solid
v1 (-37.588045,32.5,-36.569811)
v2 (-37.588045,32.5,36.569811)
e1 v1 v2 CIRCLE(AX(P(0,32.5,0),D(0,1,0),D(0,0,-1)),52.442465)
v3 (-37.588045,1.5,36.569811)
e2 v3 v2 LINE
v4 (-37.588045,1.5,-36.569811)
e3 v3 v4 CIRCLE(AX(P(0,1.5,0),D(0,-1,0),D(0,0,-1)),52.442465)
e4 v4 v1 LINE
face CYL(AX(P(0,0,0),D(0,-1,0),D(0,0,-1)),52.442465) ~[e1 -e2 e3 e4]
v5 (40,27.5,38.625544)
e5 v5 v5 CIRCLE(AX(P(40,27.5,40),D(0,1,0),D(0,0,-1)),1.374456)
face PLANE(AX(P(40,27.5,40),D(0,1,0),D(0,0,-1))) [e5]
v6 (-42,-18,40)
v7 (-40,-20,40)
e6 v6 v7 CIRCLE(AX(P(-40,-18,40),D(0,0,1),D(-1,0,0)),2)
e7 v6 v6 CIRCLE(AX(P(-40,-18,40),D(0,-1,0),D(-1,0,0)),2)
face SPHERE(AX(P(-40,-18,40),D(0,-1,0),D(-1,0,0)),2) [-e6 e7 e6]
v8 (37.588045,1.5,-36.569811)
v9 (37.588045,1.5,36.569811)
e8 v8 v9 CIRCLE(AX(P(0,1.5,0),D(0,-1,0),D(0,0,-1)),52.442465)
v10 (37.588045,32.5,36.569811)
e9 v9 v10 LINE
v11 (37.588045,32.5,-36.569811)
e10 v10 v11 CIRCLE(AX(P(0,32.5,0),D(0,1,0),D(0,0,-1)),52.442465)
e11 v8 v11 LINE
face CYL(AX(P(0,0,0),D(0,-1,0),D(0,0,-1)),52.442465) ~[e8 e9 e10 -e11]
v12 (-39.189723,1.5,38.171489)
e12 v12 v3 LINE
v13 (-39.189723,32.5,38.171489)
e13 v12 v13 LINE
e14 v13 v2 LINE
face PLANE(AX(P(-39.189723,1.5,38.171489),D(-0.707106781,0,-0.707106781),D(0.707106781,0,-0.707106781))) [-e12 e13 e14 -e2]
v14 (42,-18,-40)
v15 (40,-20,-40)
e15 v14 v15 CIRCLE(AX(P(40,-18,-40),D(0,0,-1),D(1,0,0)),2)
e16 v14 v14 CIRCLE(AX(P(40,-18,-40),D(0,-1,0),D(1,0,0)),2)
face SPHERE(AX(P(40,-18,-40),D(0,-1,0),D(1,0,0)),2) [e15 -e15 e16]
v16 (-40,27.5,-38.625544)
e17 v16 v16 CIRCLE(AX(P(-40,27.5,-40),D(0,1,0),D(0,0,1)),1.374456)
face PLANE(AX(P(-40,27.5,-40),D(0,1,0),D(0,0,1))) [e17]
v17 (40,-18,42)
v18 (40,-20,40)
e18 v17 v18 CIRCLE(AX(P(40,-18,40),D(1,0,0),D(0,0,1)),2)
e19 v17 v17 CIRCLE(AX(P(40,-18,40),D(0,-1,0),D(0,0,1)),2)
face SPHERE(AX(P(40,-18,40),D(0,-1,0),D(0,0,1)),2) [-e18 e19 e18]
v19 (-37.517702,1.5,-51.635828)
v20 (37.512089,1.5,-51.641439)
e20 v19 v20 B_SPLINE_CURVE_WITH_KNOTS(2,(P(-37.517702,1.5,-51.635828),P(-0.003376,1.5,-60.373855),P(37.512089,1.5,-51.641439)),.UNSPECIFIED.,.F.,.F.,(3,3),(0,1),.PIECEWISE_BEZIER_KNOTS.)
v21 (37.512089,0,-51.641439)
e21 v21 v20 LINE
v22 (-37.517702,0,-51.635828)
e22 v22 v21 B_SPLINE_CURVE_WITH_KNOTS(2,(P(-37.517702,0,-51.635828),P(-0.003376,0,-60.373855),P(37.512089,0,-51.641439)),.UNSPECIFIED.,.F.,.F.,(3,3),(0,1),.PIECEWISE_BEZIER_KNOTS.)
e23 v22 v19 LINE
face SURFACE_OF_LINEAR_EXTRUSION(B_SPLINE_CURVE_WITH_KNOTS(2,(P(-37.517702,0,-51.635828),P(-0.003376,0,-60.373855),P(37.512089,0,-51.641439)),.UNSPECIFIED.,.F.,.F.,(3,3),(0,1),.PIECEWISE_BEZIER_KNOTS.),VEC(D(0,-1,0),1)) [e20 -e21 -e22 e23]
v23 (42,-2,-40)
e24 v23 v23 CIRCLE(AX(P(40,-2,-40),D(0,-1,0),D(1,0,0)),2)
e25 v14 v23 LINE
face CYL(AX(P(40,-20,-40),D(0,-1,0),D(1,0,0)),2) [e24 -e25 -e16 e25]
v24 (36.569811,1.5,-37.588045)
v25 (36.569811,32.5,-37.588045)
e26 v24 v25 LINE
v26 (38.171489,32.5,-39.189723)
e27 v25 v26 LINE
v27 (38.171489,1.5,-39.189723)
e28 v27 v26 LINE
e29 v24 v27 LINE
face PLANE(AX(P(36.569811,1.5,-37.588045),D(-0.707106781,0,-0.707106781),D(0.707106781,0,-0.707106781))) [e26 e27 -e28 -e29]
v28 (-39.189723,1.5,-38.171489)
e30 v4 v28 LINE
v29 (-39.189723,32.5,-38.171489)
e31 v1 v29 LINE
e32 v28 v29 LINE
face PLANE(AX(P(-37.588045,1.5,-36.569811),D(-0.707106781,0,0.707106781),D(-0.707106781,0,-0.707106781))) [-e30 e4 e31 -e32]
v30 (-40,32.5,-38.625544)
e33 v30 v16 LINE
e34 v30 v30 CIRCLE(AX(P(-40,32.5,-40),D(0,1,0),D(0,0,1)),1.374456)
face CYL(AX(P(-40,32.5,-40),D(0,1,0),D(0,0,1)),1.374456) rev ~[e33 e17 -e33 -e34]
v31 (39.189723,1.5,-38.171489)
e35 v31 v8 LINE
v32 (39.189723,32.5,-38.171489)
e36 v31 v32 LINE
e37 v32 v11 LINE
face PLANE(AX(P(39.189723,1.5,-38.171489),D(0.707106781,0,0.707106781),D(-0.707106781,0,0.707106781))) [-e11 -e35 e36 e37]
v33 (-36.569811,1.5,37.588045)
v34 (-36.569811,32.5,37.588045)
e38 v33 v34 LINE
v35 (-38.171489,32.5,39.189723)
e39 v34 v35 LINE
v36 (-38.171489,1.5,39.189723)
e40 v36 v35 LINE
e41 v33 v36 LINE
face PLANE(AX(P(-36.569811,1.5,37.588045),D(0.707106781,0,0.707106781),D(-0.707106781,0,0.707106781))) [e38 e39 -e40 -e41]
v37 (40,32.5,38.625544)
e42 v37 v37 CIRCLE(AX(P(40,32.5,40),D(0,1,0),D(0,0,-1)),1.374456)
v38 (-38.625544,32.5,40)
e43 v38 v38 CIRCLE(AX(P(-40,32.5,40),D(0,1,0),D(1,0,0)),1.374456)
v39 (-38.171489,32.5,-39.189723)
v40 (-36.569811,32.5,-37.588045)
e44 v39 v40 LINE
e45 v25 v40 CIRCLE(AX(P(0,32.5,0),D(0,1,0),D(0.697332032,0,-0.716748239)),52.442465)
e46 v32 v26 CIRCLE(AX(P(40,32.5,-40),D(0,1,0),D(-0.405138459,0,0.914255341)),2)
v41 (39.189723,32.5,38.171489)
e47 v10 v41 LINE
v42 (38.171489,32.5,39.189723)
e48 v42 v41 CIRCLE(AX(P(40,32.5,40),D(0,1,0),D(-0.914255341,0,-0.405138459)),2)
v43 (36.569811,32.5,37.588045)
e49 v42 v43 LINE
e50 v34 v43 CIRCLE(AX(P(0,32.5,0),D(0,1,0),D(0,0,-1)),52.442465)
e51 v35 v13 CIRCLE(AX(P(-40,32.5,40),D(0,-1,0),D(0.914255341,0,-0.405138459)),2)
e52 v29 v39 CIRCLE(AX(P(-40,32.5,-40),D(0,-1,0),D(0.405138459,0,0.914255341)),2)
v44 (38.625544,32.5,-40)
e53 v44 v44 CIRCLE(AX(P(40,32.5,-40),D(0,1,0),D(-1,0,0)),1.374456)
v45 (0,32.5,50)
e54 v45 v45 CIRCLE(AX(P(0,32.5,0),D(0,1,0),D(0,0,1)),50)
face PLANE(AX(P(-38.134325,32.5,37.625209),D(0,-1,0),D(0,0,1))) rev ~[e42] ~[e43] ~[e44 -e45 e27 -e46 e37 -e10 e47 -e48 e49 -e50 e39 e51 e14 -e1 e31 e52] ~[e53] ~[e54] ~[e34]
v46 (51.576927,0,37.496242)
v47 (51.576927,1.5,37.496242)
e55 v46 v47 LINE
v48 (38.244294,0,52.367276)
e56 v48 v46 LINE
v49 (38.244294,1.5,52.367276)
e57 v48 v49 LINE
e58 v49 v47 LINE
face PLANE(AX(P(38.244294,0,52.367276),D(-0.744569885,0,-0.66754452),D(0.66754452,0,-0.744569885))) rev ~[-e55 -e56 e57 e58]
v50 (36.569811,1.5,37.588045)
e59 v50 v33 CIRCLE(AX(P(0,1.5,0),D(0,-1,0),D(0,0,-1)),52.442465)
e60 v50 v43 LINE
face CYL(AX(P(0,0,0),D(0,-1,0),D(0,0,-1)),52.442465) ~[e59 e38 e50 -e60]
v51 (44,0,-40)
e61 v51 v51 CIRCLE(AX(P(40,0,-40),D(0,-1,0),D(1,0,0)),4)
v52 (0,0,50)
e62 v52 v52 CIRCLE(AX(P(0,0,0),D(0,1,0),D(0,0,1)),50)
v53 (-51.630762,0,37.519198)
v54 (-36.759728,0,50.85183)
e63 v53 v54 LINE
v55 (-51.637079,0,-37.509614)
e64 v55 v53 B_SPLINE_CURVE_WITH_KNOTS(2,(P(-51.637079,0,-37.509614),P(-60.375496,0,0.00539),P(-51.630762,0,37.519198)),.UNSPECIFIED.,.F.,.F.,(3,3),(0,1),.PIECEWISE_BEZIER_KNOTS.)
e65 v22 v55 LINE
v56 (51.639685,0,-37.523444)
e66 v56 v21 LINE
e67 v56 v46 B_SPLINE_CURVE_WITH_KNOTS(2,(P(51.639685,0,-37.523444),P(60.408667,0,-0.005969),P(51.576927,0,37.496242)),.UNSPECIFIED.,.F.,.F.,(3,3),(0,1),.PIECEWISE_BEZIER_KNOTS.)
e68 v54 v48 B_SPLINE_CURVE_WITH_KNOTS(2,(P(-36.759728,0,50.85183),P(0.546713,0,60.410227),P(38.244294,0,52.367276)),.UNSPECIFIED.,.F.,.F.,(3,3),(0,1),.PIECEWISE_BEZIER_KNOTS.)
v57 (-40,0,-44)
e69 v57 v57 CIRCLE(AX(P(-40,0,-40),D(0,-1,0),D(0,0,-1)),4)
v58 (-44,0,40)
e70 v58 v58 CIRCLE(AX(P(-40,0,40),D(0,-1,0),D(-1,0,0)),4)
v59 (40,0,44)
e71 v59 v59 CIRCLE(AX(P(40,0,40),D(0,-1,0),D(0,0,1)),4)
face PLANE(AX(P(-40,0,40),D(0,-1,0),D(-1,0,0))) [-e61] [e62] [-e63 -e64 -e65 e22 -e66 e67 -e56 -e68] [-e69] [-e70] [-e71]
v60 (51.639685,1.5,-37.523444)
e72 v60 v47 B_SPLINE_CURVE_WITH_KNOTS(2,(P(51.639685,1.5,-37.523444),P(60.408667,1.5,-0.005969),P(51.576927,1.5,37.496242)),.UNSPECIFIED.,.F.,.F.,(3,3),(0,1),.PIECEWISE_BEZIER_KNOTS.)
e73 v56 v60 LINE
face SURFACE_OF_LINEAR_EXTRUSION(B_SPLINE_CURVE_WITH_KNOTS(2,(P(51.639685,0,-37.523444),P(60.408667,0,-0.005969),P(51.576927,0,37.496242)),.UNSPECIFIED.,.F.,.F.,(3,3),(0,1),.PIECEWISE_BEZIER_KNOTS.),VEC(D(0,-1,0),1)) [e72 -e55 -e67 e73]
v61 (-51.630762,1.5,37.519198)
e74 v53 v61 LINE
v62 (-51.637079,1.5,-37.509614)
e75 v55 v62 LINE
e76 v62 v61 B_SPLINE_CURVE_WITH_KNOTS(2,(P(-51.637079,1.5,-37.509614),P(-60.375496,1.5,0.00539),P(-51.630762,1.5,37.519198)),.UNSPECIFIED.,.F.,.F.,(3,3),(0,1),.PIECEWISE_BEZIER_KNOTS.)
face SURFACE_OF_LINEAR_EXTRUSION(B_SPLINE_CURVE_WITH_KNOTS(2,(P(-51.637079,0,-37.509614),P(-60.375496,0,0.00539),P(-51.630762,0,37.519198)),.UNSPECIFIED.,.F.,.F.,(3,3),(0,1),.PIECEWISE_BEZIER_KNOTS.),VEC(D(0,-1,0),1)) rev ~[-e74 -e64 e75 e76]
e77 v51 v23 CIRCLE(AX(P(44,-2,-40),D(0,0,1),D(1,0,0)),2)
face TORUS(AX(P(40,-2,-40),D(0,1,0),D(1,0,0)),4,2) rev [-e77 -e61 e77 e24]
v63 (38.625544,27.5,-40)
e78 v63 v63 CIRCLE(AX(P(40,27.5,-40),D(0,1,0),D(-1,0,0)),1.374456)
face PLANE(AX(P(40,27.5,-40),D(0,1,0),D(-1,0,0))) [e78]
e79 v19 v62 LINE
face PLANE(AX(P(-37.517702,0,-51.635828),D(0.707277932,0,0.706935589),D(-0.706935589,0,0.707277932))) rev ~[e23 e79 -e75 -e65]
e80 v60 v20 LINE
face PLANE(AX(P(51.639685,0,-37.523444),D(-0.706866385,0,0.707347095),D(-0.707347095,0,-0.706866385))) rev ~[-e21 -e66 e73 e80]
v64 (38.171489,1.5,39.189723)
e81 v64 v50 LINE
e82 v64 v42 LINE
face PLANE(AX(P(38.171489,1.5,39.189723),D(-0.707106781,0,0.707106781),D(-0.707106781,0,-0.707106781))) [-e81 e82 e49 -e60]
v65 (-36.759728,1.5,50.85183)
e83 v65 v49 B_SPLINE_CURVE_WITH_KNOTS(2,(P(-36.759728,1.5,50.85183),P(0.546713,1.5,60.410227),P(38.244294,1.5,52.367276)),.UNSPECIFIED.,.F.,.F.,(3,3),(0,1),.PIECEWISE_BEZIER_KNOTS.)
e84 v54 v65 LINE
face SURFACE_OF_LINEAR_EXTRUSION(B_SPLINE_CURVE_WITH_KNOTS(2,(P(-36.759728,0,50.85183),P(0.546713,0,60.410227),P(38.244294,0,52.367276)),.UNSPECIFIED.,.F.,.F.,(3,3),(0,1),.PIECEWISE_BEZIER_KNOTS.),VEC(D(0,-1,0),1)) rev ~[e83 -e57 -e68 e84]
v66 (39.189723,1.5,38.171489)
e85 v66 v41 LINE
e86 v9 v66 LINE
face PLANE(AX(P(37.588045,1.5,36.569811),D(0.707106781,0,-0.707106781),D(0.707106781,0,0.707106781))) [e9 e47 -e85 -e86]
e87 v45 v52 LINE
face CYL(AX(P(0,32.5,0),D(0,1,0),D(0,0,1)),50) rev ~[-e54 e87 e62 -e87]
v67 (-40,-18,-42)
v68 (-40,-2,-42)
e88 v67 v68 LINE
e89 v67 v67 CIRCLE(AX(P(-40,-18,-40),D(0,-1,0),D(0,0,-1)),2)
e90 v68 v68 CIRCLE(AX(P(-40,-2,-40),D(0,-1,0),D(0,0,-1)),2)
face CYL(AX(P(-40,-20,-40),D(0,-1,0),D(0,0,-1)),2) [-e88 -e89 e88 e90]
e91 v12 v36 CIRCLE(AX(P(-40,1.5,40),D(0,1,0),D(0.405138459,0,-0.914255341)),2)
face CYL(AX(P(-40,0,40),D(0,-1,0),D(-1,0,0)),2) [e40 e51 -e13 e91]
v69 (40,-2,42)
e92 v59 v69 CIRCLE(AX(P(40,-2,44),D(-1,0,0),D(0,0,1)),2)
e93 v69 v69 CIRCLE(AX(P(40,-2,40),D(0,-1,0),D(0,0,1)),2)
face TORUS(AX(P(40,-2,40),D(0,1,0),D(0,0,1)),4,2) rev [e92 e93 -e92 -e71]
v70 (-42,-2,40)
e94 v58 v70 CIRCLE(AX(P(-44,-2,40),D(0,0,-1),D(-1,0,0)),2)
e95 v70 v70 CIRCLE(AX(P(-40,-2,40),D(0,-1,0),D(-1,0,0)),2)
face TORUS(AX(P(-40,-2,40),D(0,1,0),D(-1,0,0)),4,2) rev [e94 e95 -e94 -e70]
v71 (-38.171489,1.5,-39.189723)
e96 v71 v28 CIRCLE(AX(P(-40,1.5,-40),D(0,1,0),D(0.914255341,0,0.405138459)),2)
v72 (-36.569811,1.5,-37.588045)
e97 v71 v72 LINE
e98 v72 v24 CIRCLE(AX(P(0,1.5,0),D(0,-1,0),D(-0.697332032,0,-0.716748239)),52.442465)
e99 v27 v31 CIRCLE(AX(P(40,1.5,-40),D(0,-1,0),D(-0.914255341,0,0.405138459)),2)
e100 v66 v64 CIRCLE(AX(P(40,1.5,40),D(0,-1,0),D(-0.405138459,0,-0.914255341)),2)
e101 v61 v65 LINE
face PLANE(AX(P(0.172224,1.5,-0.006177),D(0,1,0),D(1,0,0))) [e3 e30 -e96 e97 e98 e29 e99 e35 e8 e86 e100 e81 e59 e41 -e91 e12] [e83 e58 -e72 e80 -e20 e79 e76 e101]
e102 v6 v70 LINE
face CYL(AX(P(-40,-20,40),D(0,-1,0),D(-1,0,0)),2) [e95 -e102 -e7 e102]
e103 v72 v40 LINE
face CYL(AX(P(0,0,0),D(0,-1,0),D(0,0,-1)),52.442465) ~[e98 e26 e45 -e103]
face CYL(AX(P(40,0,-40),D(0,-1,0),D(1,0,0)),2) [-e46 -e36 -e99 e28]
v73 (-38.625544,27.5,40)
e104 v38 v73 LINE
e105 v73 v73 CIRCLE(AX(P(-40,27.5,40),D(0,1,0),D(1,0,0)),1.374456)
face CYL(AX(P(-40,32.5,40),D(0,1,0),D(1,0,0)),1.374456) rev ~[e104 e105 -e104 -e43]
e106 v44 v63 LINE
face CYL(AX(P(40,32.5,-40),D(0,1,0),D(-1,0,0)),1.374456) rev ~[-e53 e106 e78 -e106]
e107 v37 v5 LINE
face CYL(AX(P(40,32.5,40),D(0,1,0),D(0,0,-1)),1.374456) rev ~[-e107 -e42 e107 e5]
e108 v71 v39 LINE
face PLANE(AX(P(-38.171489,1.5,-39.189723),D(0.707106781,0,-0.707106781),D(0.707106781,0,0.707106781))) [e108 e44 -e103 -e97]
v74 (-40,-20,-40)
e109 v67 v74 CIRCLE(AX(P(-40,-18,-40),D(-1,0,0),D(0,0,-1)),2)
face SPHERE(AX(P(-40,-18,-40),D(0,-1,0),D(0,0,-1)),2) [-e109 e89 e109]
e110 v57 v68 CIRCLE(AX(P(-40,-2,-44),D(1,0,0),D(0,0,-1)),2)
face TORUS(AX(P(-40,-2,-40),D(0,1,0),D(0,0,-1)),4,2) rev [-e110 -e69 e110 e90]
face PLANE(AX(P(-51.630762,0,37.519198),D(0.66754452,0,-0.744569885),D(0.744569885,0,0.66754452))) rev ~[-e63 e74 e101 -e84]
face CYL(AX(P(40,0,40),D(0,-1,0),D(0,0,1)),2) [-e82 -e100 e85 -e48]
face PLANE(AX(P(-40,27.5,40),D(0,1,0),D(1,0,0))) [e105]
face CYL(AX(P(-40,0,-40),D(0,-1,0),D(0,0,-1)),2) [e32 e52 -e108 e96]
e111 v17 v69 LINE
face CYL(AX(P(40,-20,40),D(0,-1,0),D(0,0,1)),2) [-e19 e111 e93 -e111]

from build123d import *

# Parameters (mm, degrees)
SKETCH2_R                = 5000
BOSS_EXTRUDE2_DEPTH      = 150
SKETCH3_R                = 5244.246539356
BOSS_EXTRUDE3_DEPTH      = 3250
SKETCH7_R                = 200
BOSS_EXTRUDE12_DEPTH     = 3250
BOSS_EXTRUDE13_START     = 2000
SKETCH9_R                = 200
BOSS_EXTRUDE13_DEPTH     = 2000
FILLET1_R                = 200
SKETCH10_R               = 137.445591435
CUT_EXTRUDE2_DEPTH       = 500
EXTRUDE_THIN10_DEPTH     = 3100
CIRPATTERN1_COUNT        = 4
FILLET1_OF_CIRPATTERN1_R = 200
SCALE2_SCALE             = 0.01
SKETCH14_R               = 50
CUT_EXTRUDE4_DEPTH       = 96.047197338


with BuildPart() as part:
    # Sketch2 → Boss-Extrude2 (new body)
    with BuildSketch(Plane(origin=(0, 0, 0), x_dir=(1, 0, 0), z_dir=(0, 1, 0))):
        with BuildLine():
            Line((3824.429393628, -5236.727592336), (5157.692676049, -3749.624245316))
            add(Edge.make_bspline(
                [(5163.968520998, 3752.344435712), (6040.866701019, 0.596942764), (5157.692676049, -3749.624245316)],
                knots=[0, 0, 0, 1, 1, 1], degree=2))
            Line((5163.968520998, 3752.344435712), (3751.208948661, 5164.143902966))
            add(Edge.make_bspline(
                [(-3751.770188441, 5163.582833105), (-0.337562444, 6037.385508755), (3751.208948661, 5164.143902966)],
                knots=[0, 0, 0, 1, 1, 1], degree=2))
            Line((-3751.770188441, 5163.582833105), (-5163.707873982, 3750.961398637))
            add(Edge.make_bspline(
                [(-5163.707873982, 3750.961398637), (-6037.549572471, -0.53895869), (-5163.076160475, -3751.919756157)],
                knots=[0, 0, 0, 1, 1, 1], degree=2))
            Line((-5163.076160475, -3751.919756157), (-3675.972813455, -5085.183038578))
            add(Edge.make_bspline(
                [(-3675.972813455, -5085.183038578), (54.671333271, -6041.022726245), (3824.429393628, -5236.727592336)],
                knots=[0, 0, 0, 1, 1, 1], degree=2))
        make_face()
        Circle(SKETCH2_R, mode=Mode.SUBTRACT)
    extrude(amount=BOSS_EXTRUDE2_DEPTH)

    # Sketch3 → Boss-Extrude3 (add)
    with BuildSketch(Plane(origin=(0, 0, 0), x_dir=(1, 0, 0), z_dir=(0, 1, 0))):
        Circle(SKETCH3_R)
    extrude(amount=BOSS_EXTRUDE3_DEPTH)

    # Sketch7 → Boss-Extrude12 (add)
    with BuildSketch(Plane(origin=(0, 0, 0), x_dir=(-1, 0, 0), z_dir=(0, -1, 0))):
        with Locations((4000, 4000)):
            Circle(SKETCH7_R)
    boss_extrude12 = extrude(amount=-BOSS_EXTRUDE12_DEPTH)

    # Sketch9 → Boss-Extrude13 (add)
    with BuildSketch(Plane(origin=(0, 0, 0), x_dir=(-1, 0, 0), z_dir=(0, -1, 0)).offset(BOSS_EXTRUDE13_START)):
        with Locations((4000, 4000)):
            Circle(SKETCH9_R)
    boss_extrude13 = extrude(amount=-BOSS_EXTRUDE13_DEPTH)

    # Fillet1
    fillet1_edges = [part.edges().sort_by_distance(p)[0] for p in [
        (-3800, 0, -4000),
        (-3800, -2000, -4000),
    ]]
    fillet(fillet1_edges, radius=FILLET1_R)

    # Sketch10 → Cut-Extrude2 (cut)
    with BuildSketch(Plane(origin=(0, 3250, 0), x_dir=(1, 0, 0), z_dir=(0, 1, 0))):
        with Locations((-4000, 4000)):
            Circle(SKETCH10_R)
    cut_extrude2 = extrude(amount=-CUT_EXTRUDE2_DEPTH, mode=Mode.SUBTRACT)

    # Sketch13 → Extrude-Thin10 (add)
    with BuildSketch(Plane(origin=(0, 150, 0), x_dir=(1, 0, 0), z_dir=(0, 1, 0))):
        Polygon((-3817.148931735, 3918.972308226), (-3656.98109375, 3758.804470241), (-3707.892781996, 3707.892781996), (-3868.06061998, 3868.06061998), align=None)
        Polygon((-3758.804470241, 3656.98109375), (-3918.972308226, 3817.148931735), (-3868.06061998, 3868.06061998), (-3707.892781996, 3707.892781996), align=None)
    extrude_thin10 = extrude(amount=EXTRUDE_THIN10_DEPTH)

    # CirPattern1: Boss-Extrude12, Boss-Extrude13, Cut-Extrude2, Extrude-Thin10 ×4 about axis
    cirpattern1_axis = Axis((0, 3250, 0), (0, -1, 0))
    add([boss_extrude12.rotate(cirpattern1_axis, i * 360 / CIRPATTERN1_COUNT) for i in range(1, CIRPATTERN1_COUNT)])
    add([boss_extrude13.rotate(cirpattern1_axis, i * 360 / CIRPATTERN1_COUNT) for i in range(1, CIRPATTERN1_COUNT)])
    add([cut_extrude2.rotate(cirpattern1_axis, i * 360 / CIRPATTERN1_COUNT) for i in range(1, CIRPATTERN1_COUNT)], mode=Mode.SUBTRACT)
    add([extrude_thin10.rotate(cirpattern1_axis, i * 360 / CIRPATTERN1_COUNT) for i in range(1, CIRPATTERN1_COUNT)])

    # Fillet1 of CirPattern1
    fillet1_of_cirpattern1_edges = [part.edges().sort_by_distance(p)[0] for p in [
        (4000, 0, -3800),
        (4000, -2000, -3800),
        (3800, 0, 4000),
        (3800, -2000, 4000),
        (-4000, 0, 3800),
        (-4000, -2000, 3800),
    ]]
    fillet(fillet1_of_cirpattern1_edges, radius=FILLET1_OF_CIRPATTERN1_R)


with BuildPart() as part_1:
    # Scale2: scaled about (0, 0, 0)
    add(part.part.scale(SCALE2_SCALE))

    # Sketch14 → Cut-Extrude4 (cut, through all)
    with BuildSketch(Plane(origin=(0, 32.5, 0), x_dir=(1, 0, 0), z_dir=(0, 1, 0))):
        Circle(SKETCH14_R)
    extrude(amount=-CUT_EXTRUDE4_DEPTH, mode=Mode.SUBTRACT)


solid = part_1.part
